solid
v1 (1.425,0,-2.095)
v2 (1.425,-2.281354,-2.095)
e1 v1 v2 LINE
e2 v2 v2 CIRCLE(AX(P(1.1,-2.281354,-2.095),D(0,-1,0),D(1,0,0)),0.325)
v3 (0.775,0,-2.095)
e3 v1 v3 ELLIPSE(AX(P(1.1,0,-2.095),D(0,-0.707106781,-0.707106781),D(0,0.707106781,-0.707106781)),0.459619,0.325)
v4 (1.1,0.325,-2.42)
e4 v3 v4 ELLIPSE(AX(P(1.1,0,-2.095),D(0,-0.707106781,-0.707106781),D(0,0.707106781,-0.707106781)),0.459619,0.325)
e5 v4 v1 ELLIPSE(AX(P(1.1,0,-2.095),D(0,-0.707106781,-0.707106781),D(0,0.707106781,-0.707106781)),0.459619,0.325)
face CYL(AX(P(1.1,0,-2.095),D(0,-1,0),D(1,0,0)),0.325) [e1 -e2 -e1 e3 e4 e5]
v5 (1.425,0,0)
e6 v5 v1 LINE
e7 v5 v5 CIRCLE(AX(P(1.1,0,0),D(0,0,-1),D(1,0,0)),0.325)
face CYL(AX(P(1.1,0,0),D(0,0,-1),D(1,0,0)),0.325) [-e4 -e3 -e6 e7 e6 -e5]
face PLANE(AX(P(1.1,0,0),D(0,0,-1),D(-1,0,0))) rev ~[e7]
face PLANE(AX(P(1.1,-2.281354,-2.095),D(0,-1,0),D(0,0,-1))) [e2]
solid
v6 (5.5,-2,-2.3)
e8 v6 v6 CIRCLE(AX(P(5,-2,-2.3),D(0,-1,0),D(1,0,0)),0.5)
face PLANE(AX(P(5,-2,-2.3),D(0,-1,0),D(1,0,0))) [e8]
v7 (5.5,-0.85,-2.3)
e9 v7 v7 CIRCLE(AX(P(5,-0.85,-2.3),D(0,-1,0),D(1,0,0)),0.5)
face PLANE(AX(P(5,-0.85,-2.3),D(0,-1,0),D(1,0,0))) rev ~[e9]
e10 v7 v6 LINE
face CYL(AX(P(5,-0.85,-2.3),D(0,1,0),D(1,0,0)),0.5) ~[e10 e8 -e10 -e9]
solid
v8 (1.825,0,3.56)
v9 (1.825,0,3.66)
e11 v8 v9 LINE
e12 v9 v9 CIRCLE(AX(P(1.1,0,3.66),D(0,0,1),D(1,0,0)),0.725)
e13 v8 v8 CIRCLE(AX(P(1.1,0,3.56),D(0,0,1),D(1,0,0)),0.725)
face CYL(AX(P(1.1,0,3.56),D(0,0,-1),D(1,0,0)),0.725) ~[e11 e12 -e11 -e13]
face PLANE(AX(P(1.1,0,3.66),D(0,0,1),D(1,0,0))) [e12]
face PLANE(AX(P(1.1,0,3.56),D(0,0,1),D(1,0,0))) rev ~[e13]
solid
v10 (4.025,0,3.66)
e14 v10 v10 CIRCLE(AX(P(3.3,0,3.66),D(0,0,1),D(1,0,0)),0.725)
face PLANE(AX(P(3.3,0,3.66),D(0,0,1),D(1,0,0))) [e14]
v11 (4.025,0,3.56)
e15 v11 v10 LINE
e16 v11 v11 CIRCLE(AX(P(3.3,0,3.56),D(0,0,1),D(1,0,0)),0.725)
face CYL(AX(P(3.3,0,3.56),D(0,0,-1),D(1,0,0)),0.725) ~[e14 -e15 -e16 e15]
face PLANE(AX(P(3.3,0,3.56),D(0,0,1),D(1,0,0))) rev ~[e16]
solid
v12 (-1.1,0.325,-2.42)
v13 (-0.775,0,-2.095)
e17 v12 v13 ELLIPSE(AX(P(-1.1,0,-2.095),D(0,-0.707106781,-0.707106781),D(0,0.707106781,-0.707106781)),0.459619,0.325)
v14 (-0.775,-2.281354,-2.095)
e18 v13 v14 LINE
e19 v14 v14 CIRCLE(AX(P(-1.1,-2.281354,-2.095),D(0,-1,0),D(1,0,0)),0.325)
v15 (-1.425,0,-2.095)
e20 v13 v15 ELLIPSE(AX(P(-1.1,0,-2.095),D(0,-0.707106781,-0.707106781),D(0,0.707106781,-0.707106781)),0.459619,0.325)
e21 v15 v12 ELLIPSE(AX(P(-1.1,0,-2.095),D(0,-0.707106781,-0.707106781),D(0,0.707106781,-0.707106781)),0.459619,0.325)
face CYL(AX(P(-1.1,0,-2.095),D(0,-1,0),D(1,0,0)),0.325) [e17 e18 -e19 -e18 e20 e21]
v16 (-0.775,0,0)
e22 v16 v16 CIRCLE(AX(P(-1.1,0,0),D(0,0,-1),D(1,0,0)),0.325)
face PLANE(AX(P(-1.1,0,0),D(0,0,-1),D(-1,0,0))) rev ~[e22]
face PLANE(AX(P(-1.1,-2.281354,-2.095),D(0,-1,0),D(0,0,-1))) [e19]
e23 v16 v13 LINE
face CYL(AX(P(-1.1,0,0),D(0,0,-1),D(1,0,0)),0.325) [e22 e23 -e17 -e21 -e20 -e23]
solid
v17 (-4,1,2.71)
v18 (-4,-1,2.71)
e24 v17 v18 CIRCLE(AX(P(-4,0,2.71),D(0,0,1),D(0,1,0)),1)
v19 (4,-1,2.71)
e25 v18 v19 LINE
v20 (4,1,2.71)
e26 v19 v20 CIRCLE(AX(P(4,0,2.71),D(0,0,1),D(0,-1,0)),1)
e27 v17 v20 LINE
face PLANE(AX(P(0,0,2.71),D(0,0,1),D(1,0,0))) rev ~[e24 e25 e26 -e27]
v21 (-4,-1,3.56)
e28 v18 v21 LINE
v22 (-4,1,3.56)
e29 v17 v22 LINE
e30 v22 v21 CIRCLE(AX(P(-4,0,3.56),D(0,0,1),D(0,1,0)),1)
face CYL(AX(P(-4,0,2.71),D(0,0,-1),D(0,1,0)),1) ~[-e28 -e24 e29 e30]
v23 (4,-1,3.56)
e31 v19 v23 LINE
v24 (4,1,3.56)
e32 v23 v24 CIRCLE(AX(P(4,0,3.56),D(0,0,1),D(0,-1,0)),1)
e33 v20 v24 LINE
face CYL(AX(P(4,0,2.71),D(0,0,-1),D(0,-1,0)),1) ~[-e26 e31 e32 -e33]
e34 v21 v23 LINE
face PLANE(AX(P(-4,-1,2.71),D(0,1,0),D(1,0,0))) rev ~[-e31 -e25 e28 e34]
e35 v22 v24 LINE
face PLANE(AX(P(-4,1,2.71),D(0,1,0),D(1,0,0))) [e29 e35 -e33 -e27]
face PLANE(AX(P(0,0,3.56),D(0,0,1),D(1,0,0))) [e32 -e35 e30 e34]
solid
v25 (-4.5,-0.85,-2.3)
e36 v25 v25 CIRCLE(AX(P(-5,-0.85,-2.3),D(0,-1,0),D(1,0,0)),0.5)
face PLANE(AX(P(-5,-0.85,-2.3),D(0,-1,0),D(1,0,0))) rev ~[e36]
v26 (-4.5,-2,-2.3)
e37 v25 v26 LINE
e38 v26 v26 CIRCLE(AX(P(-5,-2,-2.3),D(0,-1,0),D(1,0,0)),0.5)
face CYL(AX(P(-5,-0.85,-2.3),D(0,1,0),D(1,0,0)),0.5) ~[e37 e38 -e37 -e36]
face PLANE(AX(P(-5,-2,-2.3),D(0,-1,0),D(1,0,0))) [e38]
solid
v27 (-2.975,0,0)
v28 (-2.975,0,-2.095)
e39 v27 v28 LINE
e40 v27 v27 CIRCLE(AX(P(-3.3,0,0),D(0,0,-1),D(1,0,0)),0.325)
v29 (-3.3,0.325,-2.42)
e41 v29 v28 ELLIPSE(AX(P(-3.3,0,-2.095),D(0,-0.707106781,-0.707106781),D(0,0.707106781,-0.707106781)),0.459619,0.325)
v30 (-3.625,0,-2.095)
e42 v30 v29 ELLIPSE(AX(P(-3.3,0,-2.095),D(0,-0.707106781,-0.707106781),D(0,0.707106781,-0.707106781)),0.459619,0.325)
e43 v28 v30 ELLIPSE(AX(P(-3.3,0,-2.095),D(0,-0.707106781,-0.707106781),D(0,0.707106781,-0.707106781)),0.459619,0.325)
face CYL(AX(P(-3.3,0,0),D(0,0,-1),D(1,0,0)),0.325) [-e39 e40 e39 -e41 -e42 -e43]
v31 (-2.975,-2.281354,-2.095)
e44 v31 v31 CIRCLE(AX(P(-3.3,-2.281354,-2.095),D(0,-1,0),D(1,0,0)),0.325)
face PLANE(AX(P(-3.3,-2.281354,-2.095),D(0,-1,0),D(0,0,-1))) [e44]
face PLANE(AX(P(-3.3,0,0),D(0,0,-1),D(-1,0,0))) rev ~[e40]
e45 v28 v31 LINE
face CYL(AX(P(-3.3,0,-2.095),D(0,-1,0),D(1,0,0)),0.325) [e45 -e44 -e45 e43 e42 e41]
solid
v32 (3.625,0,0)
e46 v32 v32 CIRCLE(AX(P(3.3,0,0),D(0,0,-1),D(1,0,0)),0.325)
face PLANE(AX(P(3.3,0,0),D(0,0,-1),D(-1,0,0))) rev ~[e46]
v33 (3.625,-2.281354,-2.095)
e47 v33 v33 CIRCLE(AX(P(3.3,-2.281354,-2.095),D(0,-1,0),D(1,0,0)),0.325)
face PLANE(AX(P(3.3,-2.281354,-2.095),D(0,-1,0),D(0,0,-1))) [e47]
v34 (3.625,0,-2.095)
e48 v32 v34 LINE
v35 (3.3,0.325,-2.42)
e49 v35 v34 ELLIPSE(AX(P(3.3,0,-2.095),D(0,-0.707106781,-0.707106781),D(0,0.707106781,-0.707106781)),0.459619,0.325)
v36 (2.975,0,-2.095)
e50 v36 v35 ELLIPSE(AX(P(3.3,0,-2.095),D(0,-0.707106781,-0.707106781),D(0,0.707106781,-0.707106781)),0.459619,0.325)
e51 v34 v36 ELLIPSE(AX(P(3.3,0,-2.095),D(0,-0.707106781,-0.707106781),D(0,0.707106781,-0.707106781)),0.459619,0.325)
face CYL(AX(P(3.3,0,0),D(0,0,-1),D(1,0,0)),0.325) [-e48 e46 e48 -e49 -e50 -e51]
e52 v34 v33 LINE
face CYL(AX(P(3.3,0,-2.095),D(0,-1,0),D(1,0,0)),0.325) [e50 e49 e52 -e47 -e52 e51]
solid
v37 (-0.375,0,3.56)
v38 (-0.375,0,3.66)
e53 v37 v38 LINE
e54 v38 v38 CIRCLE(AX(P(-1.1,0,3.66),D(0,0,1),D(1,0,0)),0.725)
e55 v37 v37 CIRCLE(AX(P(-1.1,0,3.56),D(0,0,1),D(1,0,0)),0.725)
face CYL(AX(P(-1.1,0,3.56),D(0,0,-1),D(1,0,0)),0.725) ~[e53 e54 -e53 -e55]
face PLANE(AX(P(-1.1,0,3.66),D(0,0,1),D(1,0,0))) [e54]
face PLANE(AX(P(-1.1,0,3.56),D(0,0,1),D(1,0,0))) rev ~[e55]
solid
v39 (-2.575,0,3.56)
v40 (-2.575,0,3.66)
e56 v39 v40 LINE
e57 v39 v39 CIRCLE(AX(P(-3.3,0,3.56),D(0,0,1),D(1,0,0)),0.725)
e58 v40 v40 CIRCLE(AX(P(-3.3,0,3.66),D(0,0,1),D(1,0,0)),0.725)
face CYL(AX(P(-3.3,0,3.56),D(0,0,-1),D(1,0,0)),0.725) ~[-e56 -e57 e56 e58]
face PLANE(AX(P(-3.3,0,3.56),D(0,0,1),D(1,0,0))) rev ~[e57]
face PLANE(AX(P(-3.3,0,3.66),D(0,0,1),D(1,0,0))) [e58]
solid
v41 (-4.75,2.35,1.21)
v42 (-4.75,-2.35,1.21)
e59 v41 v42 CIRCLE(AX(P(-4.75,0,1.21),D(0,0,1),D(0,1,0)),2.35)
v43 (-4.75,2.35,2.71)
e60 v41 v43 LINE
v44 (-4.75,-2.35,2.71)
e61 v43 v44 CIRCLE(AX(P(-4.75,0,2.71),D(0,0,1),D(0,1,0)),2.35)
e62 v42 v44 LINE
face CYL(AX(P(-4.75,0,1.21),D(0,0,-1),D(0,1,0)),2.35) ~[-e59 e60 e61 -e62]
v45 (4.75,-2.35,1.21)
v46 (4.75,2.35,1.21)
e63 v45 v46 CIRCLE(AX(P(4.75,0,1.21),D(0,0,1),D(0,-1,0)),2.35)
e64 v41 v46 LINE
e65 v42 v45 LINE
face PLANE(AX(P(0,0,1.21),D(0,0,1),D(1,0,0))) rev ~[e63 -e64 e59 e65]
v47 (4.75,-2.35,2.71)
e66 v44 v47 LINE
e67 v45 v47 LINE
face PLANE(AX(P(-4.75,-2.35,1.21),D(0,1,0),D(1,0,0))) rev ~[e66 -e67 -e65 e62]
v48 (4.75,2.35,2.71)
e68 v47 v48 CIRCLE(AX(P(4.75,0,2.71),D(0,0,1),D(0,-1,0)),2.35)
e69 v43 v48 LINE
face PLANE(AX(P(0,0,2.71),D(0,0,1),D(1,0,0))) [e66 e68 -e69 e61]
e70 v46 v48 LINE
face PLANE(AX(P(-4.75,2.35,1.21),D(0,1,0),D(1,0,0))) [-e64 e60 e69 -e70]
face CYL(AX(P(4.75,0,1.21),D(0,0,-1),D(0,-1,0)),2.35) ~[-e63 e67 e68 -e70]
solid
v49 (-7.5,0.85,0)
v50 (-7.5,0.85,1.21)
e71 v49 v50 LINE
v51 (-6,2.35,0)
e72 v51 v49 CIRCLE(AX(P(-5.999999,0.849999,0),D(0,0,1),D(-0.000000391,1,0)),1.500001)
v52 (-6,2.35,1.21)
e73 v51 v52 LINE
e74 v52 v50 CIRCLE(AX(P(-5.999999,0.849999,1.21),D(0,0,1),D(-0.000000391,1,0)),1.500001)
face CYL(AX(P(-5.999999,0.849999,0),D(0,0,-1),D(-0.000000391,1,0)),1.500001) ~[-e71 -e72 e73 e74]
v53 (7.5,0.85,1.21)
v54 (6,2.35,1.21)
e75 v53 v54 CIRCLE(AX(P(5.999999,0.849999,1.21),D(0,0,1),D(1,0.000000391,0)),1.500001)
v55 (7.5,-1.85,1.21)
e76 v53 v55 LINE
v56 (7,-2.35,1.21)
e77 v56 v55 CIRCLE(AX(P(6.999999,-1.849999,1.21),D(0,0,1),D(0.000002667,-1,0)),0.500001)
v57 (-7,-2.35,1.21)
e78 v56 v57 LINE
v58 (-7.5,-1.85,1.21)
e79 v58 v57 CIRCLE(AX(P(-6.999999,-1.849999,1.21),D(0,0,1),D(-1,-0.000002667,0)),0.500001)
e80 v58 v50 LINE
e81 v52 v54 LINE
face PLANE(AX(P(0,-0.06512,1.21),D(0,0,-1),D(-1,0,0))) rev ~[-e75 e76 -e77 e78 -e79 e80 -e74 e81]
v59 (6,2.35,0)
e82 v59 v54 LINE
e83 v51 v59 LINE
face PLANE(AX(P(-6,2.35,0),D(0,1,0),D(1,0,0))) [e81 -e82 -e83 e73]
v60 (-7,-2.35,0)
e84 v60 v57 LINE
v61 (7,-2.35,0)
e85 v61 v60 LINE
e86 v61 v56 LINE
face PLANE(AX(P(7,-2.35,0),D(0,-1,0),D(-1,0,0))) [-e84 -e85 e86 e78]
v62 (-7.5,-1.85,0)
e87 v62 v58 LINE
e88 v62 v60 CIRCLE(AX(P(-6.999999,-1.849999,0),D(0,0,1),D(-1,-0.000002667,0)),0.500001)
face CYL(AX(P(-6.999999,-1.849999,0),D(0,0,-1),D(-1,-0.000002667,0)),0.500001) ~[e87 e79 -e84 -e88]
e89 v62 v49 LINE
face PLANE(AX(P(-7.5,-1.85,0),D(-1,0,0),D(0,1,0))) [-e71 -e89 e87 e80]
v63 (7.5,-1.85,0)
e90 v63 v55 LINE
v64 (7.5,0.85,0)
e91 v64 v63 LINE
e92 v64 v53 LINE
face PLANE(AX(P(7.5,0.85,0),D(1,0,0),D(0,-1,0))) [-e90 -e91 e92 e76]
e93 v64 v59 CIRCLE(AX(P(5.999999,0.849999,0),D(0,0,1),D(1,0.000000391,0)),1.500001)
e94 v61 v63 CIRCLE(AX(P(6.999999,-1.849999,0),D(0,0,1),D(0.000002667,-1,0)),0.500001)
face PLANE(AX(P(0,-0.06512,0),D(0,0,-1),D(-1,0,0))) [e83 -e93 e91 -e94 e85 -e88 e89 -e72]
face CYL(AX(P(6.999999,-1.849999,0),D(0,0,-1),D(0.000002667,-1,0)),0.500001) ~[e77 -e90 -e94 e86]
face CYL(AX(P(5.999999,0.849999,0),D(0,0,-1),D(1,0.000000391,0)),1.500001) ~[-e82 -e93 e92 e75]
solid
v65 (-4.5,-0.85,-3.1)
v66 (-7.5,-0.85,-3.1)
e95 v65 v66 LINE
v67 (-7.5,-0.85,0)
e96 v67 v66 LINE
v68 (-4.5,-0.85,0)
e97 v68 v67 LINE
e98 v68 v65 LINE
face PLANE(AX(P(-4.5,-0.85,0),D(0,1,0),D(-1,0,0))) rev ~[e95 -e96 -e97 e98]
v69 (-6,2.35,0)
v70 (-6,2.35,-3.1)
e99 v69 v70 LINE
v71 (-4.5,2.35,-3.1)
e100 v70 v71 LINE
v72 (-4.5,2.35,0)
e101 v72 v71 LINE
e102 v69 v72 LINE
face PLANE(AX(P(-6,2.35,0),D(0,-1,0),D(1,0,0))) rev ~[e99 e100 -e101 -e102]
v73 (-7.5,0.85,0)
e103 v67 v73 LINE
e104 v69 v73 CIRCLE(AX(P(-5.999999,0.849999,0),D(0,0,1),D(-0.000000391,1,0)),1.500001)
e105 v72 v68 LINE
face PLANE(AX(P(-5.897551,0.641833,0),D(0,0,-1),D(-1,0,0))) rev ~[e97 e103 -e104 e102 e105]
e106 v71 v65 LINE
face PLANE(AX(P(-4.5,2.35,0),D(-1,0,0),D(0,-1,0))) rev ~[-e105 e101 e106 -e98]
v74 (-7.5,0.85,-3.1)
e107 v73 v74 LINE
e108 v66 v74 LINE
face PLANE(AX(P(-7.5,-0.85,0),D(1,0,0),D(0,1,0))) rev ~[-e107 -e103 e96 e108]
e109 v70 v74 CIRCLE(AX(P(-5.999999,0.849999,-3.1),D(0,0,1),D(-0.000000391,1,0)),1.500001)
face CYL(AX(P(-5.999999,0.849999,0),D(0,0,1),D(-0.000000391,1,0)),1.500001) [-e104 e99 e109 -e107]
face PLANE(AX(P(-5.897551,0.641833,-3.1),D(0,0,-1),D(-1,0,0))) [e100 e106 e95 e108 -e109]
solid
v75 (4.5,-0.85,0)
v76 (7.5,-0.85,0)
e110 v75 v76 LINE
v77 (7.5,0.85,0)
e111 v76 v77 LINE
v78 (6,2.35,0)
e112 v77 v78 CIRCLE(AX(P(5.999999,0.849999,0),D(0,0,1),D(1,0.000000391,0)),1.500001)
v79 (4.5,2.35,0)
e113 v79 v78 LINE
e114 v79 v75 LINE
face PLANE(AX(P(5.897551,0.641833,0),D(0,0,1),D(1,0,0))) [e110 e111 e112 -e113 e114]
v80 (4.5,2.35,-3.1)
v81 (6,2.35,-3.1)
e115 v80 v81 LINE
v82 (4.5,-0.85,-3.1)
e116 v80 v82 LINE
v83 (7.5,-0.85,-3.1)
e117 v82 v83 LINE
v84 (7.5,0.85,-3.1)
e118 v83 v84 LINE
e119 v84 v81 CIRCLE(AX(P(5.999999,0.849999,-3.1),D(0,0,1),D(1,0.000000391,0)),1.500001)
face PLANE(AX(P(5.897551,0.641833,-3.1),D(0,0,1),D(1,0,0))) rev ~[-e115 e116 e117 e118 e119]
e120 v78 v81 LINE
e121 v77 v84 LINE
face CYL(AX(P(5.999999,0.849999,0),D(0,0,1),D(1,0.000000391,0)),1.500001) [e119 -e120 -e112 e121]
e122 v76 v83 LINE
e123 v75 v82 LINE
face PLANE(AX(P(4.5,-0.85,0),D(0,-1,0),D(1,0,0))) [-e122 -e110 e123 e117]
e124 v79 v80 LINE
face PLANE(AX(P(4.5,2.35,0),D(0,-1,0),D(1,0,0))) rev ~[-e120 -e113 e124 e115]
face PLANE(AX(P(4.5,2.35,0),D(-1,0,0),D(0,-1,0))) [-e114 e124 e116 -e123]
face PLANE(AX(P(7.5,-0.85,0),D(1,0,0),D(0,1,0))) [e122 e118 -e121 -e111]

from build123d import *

# Parameters (mm, degrees)
EXTRUDE_DEPTH    = 1.21
EXTRUDE001_DEPTH = 1.5
EXTRUDE002_DEPTH = 0.85
SKETCH002_R      = 0.725
EXTRUDE003_DEPTH = 0.1
EXTRUDE004_DEPTH = 3.1
SKETCH005_R      = 0.5
EXTRUDE005_DEPTH = 1.15
SKETCH009_R      = 0.325
SKETCH010_R      = 0.325
SKETCH012_R      = 0.325
SKETCH011_R      = 0.325


with BuildPart() as f_2_ext:
    # Sketch001 → Extrude (new body)
    with BuildSketch(Plane.XY):
        with BuildLine():
            Line((7, -2.35), (-7, -2.35))
            ThreePointArc((-7.5, -1.85), (-7.353553, -2.203553), (-7, -2.35))
            Line((-7.5, -1.85), (-7.5, 0.85))
            ThreePointArc((-6, 2.35), (-7.06066, 1.91066), (-7.5, 0.85))
            Line((-6, 2.35), (6, 2.35))
            ThreePointArc((7.5, 0.85), (7.06066, 1.91066), (6, 2.35))
            Line((7.5, 0.85), (7.5, -1.85))
            ThreePointArc((7, -2.35), (7.353553, -2.203553), (7.5, -1.85))
        make_face()
    extrude(amount=EXTRUDE_DEPTH)


with BuildPart() as f_1_ext:
    # Sketch (on Face10 of Extrude) → Extrude001 (new body)
    with BuildSketch(Plane.XY.offset(1.21)):
        with BuildLine():
            ThreePointArc((-4.75, 2.35), (-7.1, 0), (-4.75, -2.35))
            Line((-4.75, -2.35), (4.75, -2.35))
            ThreePointArc((4.75, -2.35), (7.1, 0), (4.75, 2.35))
            Line((-4.75, 2.35), (4.75, 2.35))
        make_face()
    extrude(amount=EXTRUDE001_DEPTH)


with BuildPart() as f_0_ext:
    # Sketch003 (on Face6 of Extrude001) → Extrude002 (new body)
    with BuildSketch(Plane.XY.offset(2.71)):
        with BuildLine():
            ThreePointArc((-4, 1), (-5, 0), (-4, -1))
            Line((-4, -1), (4, -1))
            ThreePointArc((4, -1), (5, 0), (4, 1))
            Line((-4, 1), (4, 1))
        make_face()
    extrude(amount=EXTRUDE002_DEPTH)


with BuildPart() as copper_ext:
    # Sketch002 (on Face6 of Extrude002) → Extrude003 (new body)
    with BuildSketch(Plane.XY.offset(3.56)):
        with Locations((-3.3, 0)):
            Circle(SKETCH002_R)
        with Locations((-1.1, 0)):
            Circle(SKETCH002_R)
        with Locations((1.1, 0)):
            Circle(SKETCH002_R)
        with Locations((3.3, 0)):
            Circle(SKETCH002_R)
    extrude(amount=EXTRUDE003_DEPTH)


with BuildPart() as f_3_ext:
    # Sketch004 → Extrude004 (new body)
    with BuildSketch(Plane.XY):
        with BuildLine():
            Line((-4.5, 2.35), (-4.5, -0.85))
            Line((-4.5, -0.85), (-7.5, -0.85))
            Line((-7.5, -0.85), (-7.5, 0.85))
            ThreePointArc((-6, 2.35), (-7.06066, 1.91066), (-7.5, 0.85))
            Line((-6, 2.35), (-4.5, 2.35))
        make_face()
        with BuildLine():
            Line((4.5, 2.35), (4.5, -0.85))
            Line((4.5, -0.85), (7.5, -0.85))
            Line((7.5, -0.85), (7.5, 0.85))
            ThreePointArc((7.5, 0.85), (7.06066, 1.91066), (6, 2.35))
            Line((4.5, 2.35), (6, 2.35))
        make_face()
    extrude(amount=-EXTRUDE004_DEPTH)


with BuildPart() as boss_ext:
    # Sketch005 (on Face3 of Extrude004) → Extrude005 (new body)
    with BuildSketch(Plane.XZ.offset(0.85)):
        with Locations((-5, -2.3)):
            Circle(SKETCH005_R)
        with Locations((5, -2.3)):
            Circle(SKETCH005_R)
    extrude(amount=EXTRUDE005_DEPTH)


with BuildPart() as pin1_sweep:
    # Sweep: sweep along a path in Sketch008
    with BuildLine(Plane.YZ) as sweep_path:
        Line((0, 0), (0, -2.095))
        Line((0, -2.095), (-2.281354, -2.095))
    # Sketch009 (on Face9 of Extrude) → Sweep (sweep)
    with BuildSketch(Plane(origin=(0, 0, 0), x_dir=(1, 0, 0), z_dir=(0, 0, -1))):
        with Locations((3.3, 0)):
            Circle(SKETCH009_R)
    sweep(path=sweep_path.line, transition=Transition.RIGHT)


with BuildPart() as pin2_sweep:
    # Sweep001: sweep along a path in Sketch008
    with BuildLine(Plane.YZ) as sweep001_path:
        Line((0, 0), (0, -2.095))
        Line((0, -2.095), (-2.281354, -2.095))
    # Sketch010 (on Face9 of Extrude) → Sweep001 (sweep)
    with BuildSketch(Plane(origin=(0, 0, 0), x_dir=(1, 0, 0), z_dir=(0, 0, -1))):
        with Locations((1.1, 0)):
            Circle(SKETCH010_R)
    sweep(path=sweep001_path.line, transition=Transition.RIGHT)


with BuildPart() as pin4_sweep:
    # Sweep002: sweep along a path in Sketch008
    with BuildLine(Plane.YZ) as sweep002_path:
        Line((0, 0), (0, -2.095))
        Line((0, -2.095), (-2.281354, -2.095))
    # Sketch012 (on Face9 of Extrude) → Sweep002 (sweep)
    with BuildSketch(Plane(origin=(0, 0, 0), x_dir=(1, 0, 0), z_dir=(0, 0, -1))):
        with Locations((-3.3, 0)):
            Circle(SKETCH012_R)
    sweep(path=sweep002_path.line, transition=Transition.RIGHT)


with BuildPart() as pin3_sweep:
    # Sweep003: sweep along a path in Sketch008
    with BuildLine(Plane.YZ) as sweep003_path:
        Line((0, 0), (0, -2.095))
        Line((0, -2.095), (-2.281354, -2.095))
    # Sketch011 (on Face9 of Extrude) → Sweep003 (sweep)
    with BuildSketch(Plane(origin=(0, 0, 0), x_dir=(1, 0, 0), z_dir=(0, 0, -1))):
        with Locations((-1.1, 0)):
            Circle(SKETCH011_R)
    sweep(path=sweep003_path.line, transition=Transition.RIGHT)


solid = Compound([f_2_ext.part, f_1_ext.part, f_0_ext.part, copper_ext.part, f_3_ext.part, boss_ext.part, pin1_sweep.part, pin2_sweep.part, pin4_sweep.part, pin3_sweep.part])
